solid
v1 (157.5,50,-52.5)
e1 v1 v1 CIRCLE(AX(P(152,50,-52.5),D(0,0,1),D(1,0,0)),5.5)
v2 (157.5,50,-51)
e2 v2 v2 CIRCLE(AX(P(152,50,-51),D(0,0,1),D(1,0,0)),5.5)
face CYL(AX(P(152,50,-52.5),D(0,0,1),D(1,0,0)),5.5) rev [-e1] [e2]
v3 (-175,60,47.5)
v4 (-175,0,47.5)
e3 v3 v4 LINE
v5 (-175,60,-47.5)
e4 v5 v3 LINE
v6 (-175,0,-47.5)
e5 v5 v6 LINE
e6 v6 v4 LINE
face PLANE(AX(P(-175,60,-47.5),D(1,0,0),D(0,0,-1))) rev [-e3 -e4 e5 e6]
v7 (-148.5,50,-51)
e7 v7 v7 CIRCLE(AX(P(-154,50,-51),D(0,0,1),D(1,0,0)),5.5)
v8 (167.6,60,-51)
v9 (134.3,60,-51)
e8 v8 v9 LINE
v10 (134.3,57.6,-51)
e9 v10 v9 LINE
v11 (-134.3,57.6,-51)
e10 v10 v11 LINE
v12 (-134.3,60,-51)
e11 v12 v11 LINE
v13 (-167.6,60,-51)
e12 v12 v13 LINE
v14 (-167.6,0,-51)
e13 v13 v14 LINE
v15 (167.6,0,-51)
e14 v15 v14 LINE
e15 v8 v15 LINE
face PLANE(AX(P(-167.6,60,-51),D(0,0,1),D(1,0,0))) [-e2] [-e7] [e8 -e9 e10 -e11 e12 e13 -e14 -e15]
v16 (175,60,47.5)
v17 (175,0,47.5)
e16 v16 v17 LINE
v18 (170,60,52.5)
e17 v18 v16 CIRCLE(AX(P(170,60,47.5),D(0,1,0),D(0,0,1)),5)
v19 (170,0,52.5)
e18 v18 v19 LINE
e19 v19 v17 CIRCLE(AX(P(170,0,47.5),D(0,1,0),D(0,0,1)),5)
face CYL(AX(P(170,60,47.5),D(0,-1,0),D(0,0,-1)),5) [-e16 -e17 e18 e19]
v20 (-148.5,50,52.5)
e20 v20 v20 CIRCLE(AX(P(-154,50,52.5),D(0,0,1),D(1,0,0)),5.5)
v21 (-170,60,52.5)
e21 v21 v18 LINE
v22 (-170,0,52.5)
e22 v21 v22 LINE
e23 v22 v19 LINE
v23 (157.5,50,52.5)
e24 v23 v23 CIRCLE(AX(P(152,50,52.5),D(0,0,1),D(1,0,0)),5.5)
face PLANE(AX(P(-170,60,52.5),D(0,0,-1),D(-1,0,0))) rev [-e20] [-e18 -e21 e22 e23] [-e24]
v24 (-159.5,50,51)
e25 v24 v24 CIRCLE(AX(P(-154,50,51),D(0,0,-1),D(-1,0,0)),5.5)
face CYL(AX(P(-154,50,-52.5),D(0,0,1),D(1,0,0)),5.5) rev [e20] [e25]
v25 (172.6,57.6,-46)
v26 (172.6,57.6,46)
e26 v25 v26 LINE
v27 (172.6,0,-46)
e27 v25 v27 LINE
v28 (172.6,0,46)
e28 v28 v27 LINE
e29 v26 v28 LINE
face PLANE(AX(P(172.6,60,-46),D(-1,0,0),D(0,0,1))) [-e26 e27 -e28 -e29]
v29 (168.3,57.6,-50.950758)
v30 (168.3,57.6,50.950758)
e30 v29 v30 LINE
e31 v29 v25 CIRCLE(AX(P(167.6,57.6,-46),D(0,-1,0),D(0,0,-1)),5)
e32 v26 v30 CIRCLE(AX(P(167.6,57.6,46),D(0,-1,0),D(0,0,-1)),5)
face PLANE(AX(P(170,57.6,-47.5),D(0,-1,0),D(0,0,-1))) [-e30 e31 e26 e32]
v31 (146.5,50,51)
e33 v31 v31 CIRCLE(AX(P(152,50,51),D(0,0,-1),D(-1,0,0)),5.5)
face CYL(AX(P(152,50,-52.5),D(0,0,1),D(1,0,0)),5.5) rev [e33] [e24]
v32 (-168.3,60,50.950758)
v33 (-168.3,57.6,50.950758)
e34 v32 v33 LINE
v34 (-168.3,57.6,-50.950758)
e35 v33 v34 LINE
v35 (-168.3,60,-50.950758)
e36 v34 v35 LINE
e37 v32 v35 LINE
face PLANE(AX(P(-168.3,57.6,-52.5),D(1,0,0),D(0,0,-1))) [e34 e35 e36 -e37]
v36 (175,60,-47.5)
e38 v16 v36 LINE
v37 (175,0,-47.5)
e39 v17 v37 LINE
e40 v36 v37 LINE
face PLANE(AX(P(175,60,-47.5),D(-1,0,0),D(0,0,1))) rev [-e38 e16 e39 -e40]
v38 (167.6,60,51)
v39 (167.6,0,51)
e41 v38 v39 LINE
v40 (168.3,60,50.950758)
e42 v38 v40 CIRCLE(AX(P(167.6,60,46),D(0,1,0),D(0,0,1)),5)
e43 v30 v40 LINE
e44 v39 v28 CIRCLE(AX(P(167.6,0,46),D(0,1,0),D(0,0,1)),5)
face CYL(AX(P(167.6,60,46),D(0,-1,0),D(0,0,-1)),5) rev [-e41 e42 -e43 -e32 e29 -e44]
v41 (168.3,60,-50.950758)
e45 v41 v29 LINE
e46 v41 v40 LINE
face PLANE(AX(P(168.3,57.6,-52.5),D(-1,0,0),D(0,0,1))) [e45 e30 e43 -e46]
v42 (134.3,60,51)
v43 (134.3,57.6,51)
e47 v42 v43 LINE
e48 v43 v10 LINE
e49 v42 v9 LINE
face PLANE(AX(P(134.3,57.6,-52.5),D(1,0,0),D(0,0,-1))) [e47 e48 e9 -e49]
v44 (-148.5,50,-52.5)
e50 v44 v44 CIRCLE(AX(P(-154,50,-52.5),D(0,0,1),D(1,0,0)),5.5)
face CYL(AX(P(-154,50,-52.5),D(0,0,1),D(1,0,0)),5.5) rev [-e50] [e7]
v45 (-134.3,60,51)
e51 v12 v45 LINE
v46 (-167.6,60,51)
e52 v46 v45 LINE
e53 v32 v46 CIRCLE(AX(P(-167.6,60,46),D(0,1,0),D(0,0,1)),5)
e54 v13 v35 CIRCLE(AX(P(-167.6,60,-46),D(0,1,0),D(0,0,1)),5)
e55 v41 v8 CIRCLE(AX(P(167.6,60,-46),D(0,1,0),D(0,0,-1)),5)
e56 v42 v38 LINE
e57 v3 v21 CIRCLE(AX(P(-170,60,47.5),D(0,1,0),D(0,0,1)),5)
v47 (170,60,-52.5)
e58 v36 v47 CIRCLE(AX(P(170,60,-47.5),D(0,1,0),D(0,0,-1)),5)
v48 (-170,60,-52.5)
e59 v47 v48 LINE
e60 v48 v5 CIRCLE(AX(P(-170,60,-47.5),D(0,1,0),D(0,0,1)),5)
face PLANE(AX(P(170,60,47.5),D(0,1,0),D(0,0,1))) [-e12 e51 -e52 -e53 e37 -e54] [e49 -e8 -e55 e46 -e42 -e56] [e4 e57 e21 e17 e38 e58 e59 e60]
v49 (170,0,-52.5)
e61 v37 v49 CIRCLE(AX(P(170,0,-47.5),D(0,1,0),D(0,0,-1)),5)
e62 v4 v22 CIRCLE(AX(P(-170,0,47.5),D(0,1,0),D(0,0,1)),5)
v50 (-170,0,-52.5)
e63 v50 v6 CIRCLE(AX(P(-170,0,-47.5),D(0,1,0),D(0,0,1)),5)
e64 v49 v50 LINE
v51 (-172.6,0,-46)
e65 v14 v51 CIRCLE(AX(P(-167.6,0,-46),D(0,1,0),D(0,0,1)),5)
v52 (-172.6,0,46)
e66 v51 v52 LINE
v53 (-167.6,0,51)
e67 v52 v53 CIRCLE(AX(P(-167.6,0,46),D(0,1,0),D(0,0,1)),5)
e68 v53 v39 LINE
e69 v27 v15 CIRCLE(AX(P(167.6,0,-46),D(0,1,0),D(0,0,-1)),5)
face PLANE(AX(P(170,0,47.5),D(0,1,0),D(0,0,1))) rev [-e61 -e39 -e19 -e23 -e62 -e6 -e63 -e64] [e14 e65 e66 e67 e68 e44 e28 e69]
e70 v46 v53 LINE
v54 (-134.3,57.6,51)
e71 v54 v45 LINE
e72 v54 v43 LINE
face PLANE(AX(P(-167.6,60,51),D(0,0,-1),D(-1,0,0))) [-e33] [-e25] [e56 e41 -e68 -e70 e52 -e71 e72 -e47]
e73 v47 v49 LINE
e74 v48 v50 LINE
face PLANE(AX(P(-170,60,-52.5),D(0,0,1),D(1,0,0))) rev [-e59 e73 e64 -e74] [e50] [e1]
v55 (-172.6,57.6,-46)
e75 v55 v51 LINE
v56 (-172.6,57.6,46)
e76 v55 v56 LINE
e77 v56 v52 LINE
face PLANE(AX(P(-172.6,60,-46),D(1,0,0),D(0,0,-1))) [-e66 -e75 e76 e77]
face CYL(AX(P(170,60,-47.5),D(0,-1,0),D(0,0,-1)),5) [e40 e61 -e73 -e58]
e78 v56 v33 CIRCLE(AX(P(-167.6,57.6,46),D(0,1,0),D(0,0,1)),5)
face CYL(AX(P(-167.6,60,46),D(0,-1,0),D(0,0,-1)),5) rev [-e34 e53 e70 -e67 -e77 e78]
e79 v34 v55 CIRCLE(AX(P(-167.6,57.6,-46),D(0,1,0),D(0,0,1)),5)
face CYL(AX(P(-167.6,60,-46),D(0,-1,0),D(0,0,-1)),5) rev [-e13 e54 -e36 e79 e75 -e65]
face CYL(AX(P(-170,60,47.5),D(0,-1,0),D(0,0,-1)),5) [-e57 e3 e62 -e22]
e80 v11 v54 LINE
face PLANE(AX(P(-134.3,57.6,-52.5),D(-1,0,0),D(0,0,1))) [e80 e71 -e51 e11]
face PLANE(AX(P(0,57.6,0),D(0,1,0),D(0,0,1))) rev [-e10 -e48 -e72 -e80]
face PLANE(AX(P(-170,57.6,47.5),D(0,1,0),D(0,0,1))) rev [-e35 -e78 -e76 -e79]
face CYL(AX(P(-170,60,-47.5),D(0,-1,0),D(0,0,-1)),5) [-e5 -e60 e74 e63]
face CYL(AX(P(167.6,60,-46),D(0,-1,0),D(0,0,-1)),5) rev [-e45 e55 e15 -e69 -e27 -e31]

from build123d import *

# Parameters (mm, degrees)
SALIENTE_EXTRUIR1_DEPTH = 60
CROQUIS3_W              = 268.6
CROQUIS3_H              = 105
SALIENTE_EXTRUIR4_DEPTH = 2.4
CROQUIS4_R              = 5.5
CORTAR_EXTRUIR1_DEPTH   = 106


with BuildPart() as part:
    # Croquis2 → Saliente-Extruir1 (new body)
    with BuildSketch(Plane(origin=(0, 0, 0), x_dir=(1, 0, 0), z_dir=(0, 1, 0))):
        with BuildLine():
            Line((-170, 52.5), (170, 52.5))
            ThreePointArc((170, 52.5), (173.535533906, 51.035533906), (175, 47.5))
            Line((175, 47.5), (175, -47.5))
            ThreePointArc((175, -47.5), (173.535533906, -51.035533906), (170, -52.5))
            Line((170, -52.5), (-170, -52.5))
            ThreePointArc((-170, -52.5), (-173.535533906, -51.035533906), (-175, -47.5))
            Line((-175, -47.5), (-175, 47.5))
            ThreePointArc((-175, 47.5), (-173.535533906, 51.035533906), (-170, 52.5))
        make_face()
        with BuildLine():
            Line((-167.6, 51), (167.6, 51))
            ThreePointArc((167.6, 51), (171.135533906, 49.535533906), (172.6, 46))
            Line((172.6, 46), (172.6, -46))
            ThreePointArc((172.6, -46), (171.135533906, -49.535533906), (167.6, -51))
            Line((167.6, -51), (-167.6, -51))
            ThreePointArc((-167.6, -51), (-171.135533906, -49.535533906), (-172.6, -46))
            Line((-172.6, -46), (-172.6, 46))
            ThreePointArc((-172.6, 46), (-171.135533906, 49.535533906), (-167.6, 51))
        make_face(mode=Mode.SUBTRACT)
    extrude(amount=SALIENTE_EXTRUIR1_DEPTH)

    # Croquis3 → Saliente-Extruir4 (add)
    with BuildSketch(Plane(origin=(0, 60, 0), x_dir=(1, 0, 0), z_dir=(0, 1, 0))):
        with BuildLine():
            Line((-170, 52.5), (-168.3, 52.5))
            Line((-168.3, 52.5), (-168.3, -52.5))
            Line((-168.3, -52.5), (-170, -52.5))
            ThreePointArc((-170, -52.5), (-173.535533906, -51.035533906), (-175, -47.5))
            Line((-175, -47.5), (-175, 47.5))
            ThreePointArc((-175, 47.5), (-173.535533906, 51.035533906), (-170, 52.5))
        make_face()
        with BuildLine():
            Line((170, 52.5), (168.3, 52.5))
            Line((168.3, 52.5), (168.3, -52.5))
            Line((168.3, -52.5), (170, -52.5))
            ThreePointArc((170, -52.5), (173.535533906, -51.035533906), (175, -47.5))
            Line((175, -47.5), (175, 47.5))
            ThreePointArc((175, 47.5), (173.535533906, 51.035533906), (170, 52.5))
        make_face()
        Rectangle(CROQUIS3_W, CROQUIS3_H)
    extrude(amount=-SALIENTE_EXTRUIR4_DEPTH)

    # Croquis4 → Cortar-Extruir1 (cut, through all)
    with BuildSketch(Plane.XY.offset(52.5)):
        with Locations((152, 50)):
            Circle(CROQUIS4_R)
        with Locations((-154, 50)):
            Circle(CROQUIS4_R)
    extrude(amount=-CORTAR_EXTRUIR1_DEPTH, mode=Mode.SUBTRACT)


solid = part.part
